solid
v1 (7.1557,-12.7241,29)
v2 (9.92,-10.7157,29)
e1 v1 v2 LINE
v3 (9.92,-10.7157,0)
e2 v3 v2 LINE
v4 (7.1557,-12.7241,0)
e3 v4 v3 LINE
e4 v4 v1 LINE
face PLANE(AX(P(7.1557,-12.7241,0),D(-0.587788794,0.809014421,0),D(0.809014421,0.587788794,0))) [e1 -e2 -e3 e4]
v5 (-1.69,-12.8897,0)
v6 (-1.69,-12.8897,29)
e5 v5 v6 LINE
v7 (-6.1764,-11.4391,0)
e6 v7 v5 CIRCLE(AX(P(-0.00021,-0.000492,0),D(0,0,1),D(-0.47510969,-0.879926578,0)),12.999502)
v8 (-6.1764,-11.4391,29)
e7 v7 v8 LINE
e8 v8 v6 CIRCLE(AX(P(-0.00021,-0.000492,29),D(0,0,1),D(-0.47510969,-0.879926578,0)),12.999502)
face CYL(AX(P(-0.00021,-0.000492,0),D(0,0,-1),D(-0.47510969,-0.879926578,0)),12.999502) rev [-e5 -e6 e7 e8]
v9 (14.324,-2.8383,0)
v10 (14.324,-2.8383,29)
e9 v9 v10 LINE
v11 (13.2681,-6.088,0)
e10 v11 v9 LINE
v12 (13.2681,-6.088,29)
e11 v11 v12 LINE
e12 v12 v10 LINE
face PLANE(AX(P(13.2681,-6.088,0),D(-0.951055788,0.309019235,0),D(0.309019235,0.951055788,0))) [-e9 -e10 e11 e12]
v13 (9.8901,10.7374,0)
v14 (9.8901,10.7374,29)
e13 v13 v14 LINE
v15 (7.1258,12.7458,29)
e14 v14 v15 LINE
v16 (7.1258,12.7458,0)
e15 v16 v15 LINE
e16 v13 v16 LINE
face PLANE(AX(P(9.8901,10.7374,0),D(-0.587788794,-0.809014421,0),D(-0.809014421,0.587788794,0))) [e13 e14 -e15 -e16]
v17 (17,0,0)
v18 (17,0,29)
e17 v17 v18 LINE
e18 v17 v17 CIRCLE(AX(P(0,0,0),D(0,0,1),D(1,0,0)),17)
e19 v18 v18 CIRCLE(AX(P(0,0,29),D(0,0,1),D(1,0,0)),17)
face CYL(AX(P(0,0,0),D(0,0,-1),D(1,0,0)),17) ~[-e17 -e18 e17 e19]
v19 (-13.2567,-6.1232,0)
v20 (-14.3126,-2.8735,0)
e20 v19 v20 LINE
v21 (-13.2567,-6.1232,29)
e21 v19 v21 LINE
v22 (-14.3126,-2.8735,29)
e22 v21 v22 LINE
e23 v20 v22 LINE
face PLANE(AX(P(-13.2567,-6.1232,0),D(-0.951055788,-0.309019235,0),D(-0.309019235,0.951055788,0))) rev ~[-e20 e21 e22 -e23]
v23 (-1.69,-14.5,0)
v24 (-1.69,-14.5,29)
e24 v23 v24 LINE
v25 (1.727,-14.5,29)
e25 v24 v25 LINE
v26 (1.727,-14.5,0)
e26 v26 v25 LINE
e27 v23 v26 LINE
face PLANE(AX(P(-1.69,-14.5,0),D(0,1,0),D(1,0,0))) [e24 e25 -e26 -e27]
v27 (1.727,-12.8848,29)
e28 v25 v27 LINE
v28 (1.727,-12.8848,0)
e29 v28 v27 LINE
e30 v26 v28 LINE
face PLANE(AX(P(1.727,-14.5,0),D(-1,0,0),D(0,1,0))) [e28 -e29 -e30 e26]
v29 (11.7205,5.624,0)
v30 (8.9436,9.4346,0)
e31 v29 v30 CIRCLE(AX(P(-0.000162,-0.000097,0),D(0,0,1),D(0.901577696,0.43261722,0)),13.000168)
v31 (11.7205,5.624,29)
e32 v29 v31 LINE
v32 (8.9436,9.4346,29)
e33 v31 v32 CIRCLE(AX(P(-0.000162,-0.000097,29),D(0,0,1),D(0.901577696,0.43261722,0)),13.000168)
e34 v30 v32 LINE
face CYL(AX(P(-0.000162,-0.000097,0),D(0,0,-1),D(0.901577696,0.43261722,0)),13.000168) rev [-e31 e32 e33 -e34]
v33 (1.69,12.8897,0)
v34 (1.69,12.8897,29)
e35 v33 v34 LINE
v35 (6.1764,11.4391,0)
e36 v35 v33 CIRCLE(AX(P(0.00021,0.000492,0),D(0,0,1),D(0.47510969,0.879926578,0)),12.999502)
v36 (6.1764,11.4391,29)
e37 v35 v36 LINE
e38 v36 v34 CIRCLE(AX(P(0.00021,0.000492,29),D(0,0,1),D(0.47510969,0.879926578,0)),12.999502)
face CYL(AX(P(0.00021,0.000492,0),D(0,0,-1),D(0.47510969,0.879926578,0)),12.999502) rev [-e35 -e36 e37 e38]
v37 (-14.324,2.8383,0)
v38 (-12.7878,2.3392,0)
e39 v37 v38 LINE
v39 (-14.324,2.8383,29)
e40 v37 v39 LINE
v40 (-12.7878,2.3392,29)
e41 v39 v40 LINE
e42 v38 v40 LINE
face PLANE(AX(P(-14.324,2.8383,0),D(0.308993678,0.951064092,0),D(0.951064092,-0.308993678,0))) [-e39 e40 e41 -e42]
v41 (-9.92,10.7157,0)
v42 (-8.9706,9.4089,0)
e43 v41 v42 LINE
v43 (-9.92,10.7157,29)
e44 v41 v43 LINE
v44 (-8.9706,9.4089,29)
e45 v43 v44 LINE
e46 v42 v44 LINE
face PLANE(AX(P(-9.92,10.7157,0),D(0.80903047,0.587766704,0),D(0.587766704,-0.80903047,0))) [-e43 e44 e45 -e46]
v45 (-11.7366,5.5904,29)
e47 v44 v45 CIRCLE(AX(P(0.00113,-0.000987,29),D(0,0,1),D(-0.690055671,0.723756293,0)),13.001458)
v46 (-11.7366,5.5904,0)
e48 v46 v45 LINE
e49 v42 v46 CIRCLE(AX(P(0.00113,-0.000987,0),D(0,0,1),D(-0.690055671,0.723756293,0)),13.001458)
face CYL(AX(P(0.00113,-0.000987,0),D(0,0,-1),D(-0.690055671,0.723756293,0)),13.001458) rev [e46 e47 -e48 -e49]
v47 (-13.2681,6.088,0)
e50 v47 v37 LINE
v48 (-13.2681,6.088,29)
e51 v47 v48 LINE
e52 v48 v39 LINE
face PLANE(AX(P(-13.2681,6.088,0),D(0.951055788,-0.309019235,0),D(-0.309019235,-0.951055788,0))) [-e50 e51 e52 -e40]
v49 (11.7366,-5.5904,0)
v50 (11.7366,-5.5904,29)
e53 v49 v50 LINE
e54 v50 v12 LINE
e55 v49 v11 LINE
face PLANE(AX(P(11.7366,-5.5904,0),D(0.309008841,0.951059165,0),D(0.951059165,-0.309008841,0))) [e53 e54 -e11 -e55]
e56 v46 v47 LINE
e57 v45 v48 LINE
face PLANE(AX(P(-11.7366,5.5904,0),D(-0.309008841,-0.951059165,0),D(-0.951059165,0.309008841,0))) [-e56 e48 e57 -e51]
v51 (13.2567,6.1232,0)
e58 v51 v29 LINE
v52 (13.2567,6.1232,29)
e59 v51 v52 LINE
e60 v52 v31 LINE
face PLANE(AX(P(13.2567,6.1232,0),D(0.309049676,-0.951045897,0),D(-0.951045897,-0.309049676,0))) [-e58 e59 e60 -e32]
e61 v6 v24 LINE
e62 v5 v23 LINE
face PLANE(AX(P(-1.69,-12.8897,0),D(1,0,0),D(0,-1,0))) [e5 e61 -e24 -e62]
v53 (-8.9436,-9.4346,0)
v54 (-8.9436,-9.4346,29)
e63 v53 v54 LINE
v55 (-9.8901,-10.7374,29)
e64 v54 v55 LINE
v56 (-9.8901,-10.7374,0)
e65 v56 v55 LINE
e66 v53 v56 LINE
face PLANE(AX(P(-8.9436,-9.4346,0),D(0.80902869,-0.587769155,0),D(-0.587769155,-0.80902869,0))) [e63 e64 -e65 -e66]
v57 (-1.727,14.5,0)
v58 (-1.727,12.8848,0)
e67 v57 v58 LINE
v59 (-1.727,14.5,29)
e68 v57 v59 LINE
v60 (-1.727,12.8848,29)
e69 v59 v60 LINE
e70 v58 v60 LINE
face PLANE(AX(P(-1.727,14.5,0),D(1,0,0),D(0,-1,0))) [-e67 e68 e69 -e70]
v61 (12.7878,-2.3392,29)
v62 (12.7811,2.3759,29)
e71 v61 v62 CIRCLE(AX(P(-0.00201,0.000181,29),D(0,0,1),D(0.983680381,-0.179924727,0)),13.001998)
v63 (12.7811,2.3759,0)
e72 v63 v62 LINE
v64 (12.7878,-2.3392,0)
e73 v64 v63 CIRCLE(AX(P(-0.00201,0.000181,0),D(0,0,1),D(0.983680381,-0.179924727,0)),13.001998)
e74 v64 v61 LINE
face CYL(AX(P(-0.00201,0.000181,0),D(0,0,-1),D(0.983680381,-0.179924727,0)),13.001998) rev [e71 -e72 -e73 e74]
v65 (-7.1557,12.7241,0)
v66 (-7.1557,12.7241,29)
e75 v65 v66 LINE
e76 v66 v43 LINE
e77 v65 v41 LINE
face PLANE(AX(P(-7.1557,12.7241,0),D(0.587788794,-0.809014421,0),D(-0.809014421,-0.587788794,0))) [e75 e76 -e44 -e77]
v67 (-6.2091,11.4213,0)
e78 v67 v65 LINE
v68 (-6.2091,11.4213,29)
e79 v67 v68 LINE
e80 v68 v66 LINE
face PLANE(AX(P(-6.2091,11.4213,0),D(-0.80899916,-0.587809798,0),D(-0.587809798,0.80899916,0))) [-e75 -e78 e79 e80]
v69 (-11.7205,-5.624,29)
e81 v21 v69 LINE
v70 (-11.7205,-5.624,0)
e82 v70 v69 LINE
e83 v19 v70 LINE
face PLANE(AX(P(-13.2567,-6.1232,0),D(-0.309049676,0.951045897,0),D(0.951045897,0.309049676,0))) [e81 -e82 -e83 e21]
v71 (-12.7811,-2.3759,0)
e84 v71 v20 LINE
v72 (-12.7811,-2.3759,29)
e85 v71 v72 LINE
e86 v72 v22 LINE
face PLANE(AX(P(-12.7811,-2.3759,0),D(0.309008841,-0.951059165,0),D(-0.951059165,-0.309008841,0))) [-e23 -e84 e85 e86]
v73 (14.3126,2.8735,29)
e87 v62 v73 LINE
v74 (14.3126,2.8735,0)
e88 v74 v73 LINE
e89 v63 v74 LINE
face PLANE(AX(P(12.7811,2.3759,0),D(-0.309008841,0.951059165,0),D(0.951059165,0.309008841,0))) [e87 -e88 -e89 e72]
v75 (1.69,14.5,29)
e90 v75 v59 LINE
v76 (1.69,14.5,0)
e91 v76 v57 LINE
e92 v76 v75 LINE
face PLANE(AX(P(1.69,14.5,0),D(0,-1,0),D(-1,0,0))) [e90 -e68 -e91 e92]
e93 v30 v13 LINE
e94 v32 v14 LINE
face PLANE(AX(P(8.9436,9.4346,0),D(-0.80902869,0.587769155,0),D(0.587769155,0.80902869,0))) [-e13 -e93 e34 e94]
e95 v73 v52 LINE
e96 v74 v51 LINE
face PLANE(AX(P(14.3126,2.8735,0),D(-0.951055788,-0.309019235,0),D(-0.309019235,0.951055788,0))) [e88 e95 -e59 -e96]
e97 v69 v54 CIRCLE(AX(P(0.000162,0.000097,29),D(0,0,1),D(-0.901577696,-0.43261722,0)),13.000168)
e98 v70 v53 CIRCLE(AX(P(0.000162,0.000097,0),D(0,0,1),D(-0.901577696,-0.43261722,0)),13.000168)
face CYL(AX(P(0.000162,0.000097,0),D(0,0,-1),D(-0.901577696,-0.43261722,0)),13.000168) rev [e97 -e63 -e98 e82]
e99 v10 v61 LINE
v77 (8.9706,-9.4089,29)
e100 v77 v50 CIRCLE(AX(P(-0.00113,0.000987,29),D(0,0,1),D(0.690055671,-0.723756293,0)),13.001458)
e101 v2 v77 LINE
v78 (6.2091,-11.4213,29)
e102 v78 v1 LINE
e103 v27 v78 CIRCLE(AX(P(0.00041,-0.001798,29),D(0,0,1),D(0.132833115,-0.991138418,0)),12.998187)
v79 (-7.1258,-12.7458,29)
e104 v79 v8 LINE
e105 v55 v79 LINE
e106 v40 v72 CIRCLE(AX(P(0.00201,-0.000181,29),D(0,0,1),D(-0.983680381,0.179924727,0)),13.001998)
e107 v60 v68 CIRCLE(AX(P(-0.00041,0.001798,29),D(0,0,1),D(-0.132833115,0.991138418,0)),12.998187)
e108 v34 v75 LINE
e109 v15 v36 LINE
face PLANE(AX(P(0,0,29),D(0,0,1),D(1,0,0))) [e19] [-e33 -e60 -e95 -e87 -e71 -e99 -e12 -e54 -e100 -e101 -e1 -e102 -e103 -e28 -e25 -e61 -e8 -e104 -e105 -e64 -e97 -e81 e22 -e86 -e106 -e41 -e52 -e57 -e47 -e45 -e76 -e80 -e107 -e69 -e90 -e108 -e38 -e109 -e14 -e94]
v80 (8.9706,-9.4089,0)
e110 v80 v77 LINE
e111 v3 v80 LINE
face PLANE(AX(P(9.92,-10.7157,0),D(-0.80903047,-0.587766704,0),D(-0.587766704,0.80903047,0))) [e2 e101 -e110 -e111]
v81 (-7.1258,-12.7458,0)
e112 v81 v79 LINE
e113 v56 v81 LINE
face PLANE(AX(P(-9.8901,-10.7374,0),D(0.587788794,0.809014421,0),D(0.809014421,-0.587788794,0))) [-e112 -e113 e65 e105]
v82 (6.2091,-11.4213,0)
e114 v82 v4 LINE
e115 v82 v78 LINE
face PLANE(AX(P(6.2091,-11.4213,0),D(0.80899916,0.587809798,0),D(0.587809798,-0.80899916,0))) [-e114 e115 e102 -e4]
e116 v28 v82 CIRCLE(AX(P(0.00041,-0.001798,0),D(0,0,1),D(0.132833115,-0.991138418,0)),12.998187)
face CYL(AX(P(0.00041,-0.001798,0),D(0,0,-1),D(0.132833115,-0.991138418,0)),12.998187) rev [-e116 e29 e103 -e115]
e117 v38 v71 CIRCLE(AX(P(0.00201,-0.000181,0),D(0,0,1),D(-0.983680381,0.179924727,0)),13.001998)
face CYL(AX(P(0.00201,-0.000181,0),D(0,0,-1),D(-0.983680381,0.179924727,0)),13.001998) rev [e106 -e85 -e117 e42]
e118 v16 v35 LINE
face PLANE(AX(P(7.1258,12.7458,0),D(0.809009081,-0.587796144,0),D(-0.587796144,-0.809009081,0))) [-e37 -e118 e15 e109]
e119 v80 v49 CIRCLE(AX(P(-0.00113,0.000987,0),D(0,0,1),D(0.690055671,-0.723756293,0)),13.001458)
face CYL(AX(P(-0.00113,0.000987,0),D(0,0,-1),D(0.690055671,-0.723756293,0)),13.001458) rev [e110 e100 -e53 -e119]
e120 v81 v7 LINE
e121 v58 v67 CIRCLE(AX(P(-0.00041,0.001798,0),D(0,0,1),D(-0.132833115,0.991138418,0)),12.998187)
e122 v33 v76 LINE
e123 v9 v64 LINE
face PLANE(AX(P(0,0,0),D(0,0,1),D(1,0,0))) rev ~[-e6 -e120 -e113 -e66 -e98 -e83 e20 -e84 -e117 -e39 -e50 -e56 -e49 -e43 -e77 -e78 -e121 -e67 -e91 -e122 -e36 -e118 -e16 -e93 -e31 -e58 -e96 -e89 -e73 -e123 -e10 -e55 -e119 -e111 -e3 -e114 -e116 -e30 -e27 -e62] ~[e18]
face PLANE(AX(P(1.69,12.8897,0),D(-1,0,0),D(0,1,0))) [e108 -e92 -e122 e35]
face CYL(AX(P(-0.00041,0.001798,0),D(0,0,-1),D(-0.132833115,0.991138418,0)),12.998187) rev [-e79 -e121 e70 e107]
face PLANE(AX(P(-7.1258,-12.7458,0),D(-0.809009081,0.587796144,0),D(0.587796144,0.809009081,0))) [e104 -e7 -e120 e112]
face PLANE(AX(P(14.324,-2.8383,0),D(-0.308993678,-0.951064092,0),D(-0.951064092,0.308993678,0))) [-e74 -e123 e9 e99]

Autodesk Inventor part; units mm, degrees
ref_plane "YZ Plane" through (0, 0, 0) normal (1, 0, 0) x (0, 1, 0)
ref_plane "XZ Plane" through (0, 0, 0) normal (0, 1, 0) x (-1, 0, 0)
ref_plane "XY Plane" through (0, 0, 0) normal (0, 0, 1) x (1, 0, 0)
sketch "Sketch1" plane through (0, 0, 0) normal (0, 0, 1) x (1, 0, 0)
  arc A0 (-12.7878, 2.3392) -> (-12.7811, -2.3759) centre (0, 0) ccw
  line L0 (-12.7811, -2.3759) -> (-14.3126, -2.8735)
  line L1 (-13.2567, -6.1232) -> (-14.3126, -2.8735)
  line L2 (-14.3126, -2.8735) -> (-13.2567, -6.1232)
  line L3 (-13.2567, -6.1232) -> (-11.7205, -5.624)
  line L4 (-13.2681, 6.088) -> (-14.324, 2.8383)
  line L5 (-14.324, 2.8383) -> (-12.7878, 2.3392)
  line L6 (-11.7366, 5.5904) -> (-13.2681, 6.088)
  arc A1 (-8.9706, 9.4089) -> (-11.7366, 5.5904) centre (0, 0) ccw
  line L7 (-7.1557, 12.7241) -> (-9.92, 10.7157)
  line L8 (-9.92, 10.7157) -> (-8.9706, 9.4089)
  line L9 (-6.2091, 11.4213) -> (-7.1557, 12.7241)
  arc A2 (-1.727, 12.8848) -> (-6.2091, 11.4213) centre (0, 0) ccw
  line L10 (1.69, 14.5) -> (-1.727, 14.5)
  line L11 (-1.727, 14.5) -> (-1.727, 12.8848)
  line L12 (1.69, 12.8897) -> (1.69, 14.5)
  arc A3 (6.1764, 11.4391) -> (1.69, 12.8897) centre (0, 0) ccw
  line L13 (9.8901, 10.7374) -> (7.1258, 12.7458)
  line L14 (7.1258, 12.7458) -> (6.1764, 11.4391)
  line L15 (8.9436, 9.4346) -> (9.8901, 10.7374)
  arc A4 (11.7205, 5.624) -> (8.9436, 9.4346) centre (0, 0) ccw
  line L16 (14.3126, 2.8735) -> (13.2567, 6.1232)
  line L17 (13.2567, 6.1232) -> (11.7205, 5.624)
  line L18 (12.7811, 2.3759) -> (14.3126, 2.8735)
  arc A5 (12.7878, -2.3392) -> (12.7811, 2.3759) centre (0, 0) ccw
  line L19 (13.2681, -6.088) -> (14.324, -2.8383)
  line L20 (14.324, -2.8383) -> (12.7878, -2.3392)
  line L21 (11.7366, -5.5904) -> (13.2681, -6.088)
  arc A6 (8.9706, -9.4089) -> (11.7366, -5.5904) centre (0, 0) ccw
  line L22 (7.1557, -12.7241) -> (9.92, -10.7157)
  line L23 (9.92, -10.7157) -> (8.9706, -9.4089)
  line L24 (6.2091, -11.4213) -> (7.1557, -12.7241)
  arc A7 (1.727, -12.8848) -> (6.2091, -11.4213) centre (0, 0) ccw
  line L25 (-1.69, -14.5) -> (1.727, -14.5)
  line L26 (1.727, -14.5) -> (1.727, -12.8848)
  line L27 (-1.69, -12.8897) -> (-1.69, -14.5)
  arc A8 (-6.1764, -11.4391) -> (-1.69, -12.8897) centre (0, 0) ccw
  line L28 (-9.8901, -10.7374) -> (-7.1258, -12.7458)
  line L29 (-7.1258, -12.7458) -> (-6.1764, -11.4391)
  line L30 (-8.9436, -9.4346) -> (-9.8901, -10.7374)
  arc A9 (-11.7205, -5.624) -> (-8.9436, -9.4346) centre (0, 0) ccw
  circle A10 centre (0, 0) radius 17
  point P0 (-8.9706, 9.4089)
  point P1 (-1.727, 12.8848)
  point P2 (6.1764, 11.4391)
  point P3 (12.7878, -2.3392)
  point P4 (-11.7205, -5.624)
  dimension "d2" = 360
  dimension "d3" = 34
extrude "Extrusion1" add sketch "Sketch1" along normal blind 29
properties part number "opona_CPY"
